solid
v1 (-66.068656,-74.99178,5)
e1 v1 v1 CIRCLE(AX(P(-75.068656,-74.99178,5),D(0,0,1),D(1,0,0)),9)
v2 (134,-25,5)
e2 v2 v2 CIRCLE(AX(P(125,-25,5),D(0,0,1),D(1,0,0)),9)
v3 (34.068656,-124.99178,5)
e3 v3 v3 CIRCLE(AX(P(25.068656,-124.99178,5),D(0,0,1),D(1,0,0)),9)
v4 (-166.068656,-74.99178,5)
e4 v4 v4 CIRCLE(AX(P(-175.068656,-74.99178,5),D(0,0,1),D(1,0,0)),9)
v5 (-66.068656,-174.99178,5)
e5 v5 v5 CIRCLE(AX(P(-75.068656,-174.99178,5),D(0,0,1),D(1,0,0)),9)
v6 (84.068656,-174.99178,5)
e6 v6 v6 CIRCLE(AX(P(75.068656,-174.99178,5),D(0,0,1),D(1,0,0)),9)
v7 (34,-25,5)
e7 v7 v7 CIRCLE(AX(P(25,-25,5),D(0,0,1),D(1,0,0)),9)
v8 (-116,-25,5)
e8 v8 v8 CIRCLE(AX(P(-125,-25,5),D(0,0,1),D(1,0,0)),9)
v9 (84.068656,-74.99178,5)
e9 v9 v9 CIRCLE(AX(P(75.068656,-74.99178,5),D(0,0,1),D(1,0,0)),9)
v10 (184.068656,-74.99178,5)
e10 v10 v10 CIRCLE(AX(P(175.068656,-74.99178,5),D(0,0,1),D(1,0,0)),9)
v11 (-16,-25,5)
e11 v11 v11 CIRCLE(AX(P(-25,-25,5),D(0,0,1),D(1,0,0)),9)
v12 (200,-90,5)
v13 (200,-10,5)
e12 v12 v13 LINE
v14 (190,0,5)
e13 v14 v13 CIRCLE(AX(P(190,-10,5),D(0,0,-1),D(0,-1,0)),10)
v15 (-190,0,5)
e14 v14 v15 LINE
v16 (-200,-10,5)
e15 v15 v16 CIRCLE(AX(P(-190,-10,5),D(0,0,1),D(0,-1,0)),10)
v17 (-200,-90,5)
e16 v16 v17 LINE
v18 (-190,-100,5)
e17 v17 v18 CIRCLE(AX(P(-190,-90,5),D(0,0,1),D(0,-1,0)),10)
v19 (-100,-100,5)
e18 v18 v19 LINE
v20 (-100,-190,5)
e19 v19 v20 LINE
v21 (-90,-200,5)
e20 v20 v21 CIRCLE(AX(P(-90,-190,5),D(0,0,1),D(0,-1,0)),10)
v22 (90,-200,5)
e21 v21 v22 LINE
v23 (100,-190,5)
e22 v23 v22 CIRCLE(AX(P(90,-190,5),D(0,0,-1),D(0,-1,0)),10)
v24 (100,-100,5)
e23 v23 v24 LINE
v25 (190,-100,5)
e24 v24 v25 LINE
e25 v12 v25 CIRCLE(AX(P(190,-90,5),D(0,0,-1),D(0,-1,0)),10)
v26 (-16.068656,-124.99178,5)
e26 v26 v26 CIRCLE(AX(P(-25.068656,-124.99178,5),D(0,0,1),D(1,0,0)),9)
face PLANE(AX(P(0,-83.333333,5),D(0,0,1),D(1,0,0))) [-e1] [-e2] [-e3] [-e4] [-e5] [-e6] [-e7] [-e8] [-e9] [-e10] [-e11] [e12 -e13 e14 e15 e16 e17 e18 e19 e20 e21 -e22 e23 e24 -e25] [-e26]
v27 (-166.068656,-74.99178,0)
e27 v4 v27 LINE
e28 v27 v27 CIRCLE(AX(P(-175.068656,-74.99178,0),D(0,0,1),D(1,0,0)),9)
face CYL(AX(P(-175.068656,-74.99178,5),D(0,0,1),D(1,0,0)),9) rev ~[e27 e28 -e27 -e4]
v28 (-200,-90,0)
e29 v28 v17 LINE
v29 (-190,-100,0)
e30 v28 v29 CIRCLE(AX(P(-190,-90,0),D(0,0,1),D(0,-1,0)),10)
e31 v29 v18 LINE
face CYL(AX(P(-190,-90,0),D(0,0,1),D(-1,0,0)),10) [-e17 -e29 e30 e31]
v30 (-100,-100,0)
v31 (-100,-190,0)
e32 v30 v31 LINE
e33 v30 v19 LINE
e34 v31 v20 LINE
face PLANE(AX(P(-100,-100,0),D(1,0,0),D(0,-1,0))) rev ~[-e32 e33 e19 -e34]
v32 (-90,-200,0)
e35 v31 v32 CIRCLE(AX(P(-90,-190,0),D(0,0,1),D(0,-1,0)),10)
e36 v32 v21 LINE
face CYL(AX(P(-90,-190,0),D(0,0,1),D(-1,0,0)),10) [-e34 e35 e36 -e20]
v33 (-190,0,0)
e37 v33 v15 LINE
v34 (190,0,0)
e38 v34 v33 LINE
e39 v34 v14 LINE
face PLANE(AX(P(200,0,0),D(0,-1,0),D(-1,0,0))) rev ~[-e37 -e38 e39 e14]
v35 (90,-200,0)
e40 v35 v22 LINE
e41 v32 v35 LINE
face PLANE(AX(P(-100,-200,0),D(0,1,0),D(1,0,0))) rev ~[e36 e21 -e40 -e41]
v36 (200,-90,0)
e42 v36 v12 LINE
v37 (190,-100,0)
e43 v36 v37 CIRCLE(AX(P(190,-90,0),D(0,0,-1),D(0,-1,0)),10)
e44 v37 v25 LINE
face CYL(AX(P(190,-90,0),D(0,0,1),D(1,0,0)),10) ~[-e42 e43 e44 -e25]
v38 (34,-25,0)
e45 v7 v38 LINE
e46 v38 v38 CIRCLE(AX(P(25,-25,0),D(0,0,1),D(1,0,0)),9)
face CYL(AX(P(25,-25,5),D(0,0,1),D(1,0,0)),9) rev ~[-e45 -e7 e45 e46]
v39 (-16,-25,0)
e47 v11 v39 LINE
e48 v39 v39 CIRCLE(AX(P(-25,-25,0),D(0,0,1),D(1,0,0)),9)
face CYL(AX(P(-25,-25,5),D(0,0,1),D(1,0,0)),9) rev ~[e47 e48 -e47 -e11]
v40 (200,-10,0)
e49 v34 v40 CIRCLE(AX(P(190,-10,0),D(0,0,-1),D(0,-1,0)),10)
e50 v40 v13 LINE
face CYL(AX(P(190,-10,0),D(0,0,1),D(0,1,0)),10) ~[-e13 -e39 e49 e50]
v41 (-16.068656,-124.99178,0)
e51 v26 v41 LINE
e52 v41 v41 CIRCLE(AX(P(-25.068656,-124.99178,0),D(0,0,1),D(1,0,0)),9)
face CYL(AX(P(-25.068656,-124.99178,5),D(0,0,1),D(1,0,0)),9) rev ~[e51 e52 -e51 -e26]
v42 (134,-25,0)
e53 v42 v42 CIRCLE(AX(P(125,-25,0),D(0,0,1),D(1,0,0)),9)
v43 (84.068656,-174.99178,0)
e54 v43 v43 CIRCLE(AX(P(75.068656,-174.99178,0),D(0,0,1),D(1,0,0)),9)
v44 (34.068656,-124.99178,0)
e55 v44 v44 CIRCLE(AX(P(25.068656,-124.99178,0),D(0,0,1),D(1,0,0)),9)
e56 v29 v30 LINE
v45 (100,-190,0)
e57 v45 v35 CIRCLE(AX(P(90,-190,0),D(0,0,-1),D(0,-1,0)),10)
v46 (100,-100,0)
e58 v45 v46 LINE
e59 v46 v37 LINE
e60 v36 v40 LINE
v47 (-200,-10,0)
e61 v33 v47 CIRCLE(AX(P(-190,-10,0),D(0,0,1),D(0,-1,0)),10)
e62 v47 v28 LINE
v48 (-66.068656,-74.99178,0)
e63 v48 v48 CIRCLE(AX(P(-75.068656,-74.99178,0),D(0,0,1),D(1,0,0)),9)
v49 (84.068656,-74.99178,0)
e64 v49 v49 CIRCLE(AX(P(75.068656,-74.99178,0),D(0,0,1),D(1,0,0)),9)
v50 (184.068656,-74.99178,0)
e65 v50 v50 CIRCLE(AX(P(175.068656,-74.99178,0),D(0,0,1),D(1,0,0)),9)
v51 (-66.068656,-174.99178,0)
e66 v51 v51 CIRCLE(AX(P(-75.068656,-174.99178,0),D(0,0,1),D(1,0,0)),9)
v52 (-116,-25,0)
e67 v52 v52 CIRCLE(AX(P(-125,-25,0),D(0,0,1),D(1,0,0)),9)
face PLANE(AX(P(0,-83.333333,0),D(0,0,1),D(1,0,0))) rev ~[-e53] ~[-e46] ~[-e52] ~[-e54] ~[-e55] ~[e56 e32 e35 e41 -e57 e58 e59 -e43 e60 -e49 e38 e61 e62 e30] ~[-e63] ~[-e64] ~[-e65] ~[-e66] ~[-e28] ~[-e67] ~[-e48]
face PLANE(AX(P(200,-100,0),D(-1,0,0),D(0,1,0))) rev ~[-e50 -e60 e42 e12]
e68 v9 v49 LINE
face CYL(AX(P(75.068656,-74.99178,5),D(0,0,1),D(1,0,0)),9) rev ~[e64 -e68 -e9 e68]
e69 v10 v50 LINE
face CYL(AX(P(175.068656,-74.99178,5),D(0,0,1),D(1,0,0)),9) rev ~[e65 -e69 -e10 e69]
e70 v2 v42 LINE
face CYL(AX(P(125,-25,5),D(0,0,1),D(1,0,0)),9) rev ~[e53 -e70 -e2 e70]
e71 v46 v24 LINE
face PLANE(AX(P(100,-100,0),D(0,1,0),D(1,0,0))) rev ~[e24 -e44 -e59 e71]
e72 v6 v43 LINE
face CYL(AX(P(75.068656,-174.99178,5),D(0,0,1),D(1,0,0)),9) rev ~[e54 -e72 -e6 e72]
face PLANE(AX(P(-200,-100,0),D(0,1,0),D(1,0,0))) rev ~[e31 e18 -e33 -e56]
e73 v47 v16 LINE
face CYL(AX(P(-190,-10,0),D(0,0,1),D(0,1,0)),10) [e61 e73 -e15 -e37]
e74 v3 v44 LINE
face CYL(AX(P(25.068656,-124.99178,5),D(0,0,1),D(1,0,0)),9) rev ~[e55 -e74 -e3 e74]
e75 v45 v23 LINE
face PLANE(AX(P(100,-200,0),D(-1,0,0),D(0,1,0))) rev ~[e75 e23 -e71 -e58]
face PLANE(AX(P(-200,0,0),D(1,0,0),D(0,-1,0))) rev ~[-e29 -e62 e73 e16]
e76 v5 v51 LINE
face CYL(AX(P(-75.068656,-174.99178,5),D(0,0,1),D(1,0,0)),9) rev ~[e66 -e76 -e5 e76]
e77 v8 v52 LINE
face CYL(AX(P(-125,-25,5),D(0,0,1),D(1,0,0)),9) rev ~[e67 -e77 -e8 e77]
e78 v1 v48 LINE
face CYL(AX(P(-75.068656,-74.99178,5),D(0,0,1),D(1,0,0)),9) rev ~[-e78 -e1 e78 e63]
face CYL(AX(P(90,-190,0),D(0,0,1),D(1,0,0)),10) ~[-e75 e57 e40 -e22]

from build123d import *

# Parameters (mm, degrees)
F1_DEPTH = 5
F2_R     = 9
F3_DEPTH = 25
F4_R     = 10


with BuildPart() as f1:
    # F0 (on Top) → F1 (new body)
    with BuildSketch(Plane.XY):
        Polygon((200, 0), (0, 0), (-200, 0), (-200, -100), (-100, -100), (-100, -200), (0, -200), (100, -200), (100, -100), (200, -100), align=None)
    extrude(amount=F1_DEPTH)

    # F2 (on face) → F3 (cut)
    with BuildSketch(Plane.XY.offset(5)):
        with Locations((175.068656, -74.99178)):
            Circle(F2_R)
        with Locations((125, -25)):
            Circle(F2_R)
        with Locations((75.068656, -74.99178)):
            Circle(F2_R)
        with Locations((75.068656, -174.99178)):
            Circle(F2_R)
        with Locations((25.068656, -124.99178)):
            Circle(F2_R)
        with Locations((25, -25)):
            Circle(F2_R)
        with Locations((-75.068656, -174.99178)):
            Circle(F2_R)
        with Locations((-25, -25)):
            Circle(F2_R)
        with Locations((-175.068656, -74.99178)):
            Circle(F2_R)
        with Locations((-125, -25)):
            Circle(F2_R)
        with Locations((-75.068656, -74.99178)):
            Circle(F2_R)
        with Locations((-25.068656, -124.99178)):
            Circle(F2_R)
    extrude(amount=-F3_DEPTH, mode=Mode.SUBTRACT)

    # F4
    f4_edges = [f1.edges().sort_by_distance(p)[0] for p in [
        (-100, -200, 2.5),
        (100, -200, 2.5),
        (200, -100, 2.5),
        (200, 0, 2.5),
        (-200, -100, 2.5),
        (-200, 0, 2.5),
    ]]
    fillet(f4_edges, radius=F4_R)


solid = f1.part
